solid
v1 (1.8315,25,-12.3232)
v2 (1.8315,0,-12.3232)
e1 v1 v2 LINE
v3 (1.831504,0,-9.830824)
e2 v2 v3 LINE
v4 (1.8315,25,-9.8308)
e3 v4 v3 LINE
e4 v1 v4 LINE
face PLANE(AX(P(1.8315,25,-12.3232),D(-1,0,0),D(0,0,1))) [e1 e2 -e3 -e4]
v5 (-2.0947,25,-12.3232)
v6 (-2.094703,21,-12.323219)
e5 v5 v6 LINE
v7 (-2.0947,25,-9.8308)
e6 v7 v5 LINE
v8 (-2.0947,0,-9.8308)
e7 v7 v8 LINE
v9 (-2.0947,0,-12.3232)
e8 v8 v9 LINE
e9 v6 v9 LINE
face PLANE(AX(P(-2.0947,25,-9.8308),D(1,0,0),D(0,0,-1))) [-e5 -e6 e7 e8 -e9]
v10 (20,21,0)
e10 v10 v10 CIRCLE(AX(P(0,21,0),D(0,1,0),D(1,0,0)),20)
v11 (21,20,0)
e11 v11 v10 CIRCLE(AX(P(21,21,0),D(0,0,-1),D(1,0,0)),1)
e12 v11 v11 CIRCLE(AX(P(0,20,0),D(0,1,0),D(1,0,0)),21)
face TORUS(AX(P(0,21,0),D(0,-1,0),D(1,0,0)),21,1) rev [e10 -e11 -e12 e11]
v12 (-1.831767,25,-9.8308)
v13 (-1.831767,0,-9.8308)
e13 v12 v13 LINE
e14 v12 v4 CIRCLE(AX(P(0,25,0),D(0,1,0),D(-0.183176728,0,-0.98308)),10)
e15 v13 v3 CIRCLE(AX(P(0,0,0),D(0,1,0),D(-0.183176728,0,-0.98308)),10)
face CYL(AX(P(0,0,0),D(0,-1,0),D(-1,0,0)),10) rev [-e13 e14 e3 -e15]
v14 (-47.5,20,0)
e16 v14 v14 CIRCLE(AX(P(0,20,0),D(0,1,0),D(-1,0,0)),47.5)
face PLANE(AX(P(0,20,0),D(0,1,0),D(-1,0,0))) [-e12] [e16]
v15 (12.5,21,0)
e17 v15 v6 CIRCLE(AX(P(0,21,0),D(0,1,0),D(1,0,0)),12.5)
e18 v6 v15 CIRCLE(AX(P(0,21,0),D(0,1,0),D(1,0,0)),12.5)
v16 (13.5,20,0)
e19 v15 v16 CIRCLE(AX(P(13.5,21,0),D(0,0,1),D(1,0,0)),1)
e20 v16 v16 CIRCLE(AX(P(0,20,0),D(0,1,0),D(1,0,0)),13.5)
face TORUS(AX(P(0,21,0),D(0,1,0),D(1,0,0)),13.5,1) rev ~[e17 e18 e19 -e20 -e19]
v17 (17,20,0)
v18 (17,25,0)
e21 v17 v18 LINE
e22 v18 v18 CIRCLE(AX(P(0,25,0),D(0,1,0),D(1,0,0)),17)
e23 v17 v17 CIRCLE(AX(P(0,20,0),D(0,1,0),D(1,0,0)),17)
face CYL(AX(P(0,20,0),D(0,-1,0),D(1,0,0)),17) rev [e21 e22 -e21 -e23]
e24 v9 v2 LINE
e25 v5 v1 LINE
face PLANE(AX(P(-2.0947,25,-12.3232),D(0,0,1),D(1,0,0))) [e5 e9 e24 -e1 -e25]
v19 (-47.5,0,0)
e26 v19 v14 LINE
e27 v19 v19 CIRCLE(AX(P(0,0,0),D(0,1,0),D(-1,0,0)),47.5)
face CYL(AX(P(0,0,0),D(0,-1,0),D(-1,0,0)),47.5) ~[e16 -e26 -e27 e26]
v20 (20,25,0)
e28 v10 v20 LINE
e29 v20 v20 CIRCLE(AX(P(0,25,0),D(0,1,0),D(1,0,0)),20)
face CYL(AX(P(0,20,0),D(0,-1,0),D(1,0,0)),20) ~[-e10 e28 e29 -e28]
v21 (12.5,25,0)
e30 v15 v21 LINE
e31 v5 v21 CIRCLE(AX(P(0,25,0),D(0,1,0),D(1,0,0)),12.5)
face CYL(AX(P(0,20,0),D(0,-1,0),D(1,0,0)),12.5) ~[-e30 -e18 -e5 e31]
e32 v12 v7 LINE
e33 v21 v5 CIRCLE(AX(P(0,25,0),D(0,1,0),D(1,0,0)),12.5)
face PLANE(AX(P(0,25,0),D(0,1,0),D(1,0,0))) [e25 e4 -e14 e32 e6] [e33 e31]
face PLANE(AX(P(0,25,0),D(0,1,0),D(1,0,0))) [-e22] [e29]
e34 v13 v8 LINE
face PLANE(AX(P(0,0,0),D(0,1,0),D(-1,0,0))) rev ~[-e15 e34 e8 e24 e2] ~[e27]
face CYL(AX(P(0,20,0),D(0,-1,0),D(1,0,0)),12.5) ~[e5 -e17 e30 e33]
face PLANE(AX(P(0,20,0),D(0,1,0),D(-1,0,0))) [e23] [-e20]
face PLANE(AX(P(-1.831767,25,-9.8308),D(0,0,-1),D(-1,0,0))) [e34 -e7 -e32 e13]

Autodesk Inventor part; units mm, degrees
ref_plane "YZ Plane" through (0, 0, 0) normal (1, 0, 0) x (0, 1, 0)
ref_plane "XZ Plane" through (0, 0, 0) normal (0, 1, 0) x (-1, 0, 0)
ref_plane "XY Plane" through (0, 0, 0) normal (0, 0, 1) x (1, 0, 0)
sketch "Boceto1" plane through (0, 0, 0) normal (0, 1, 0) x (-1, 0, 0)
  circle A0 centre (0, 0) radius 47.5
  circle A1 centre (0, 0) radius 10
  dimension "d0" = 95
  dimension "d1" = 20
extrude "Extrusión1" add sketch "Boceto1" along normal blind 20
sketch "Boceto3" plane through (0, 20, 0) normal (0, 1, 0) x (1, 0, 0)
  circle A0 centre (0, 0) radius 10
  circle A1 centre (0, 0) radius 12.5
  circle A2 centre (0, 0) radius 17
  circle A3 centre (0, 0) radius 20
  dimension "d18" = 20
  dimension "d19" = 25
  dimension "d20" = 34
  dimension "d21" = 40
extrude "Extrusión3" add sketch "Boceto3" along normal blind 5 contours A1
extrude "Extrusión4" add sketch "Boceto3" along normal blind 5 contours A3
fillet "Empalme1" radius 1 2 edges at (-20, 20, 0) (-12.5, 20, 0)
sketch "Boceto4" plane through (0, 25, 0) normal (0, 1, 0) x (1, 0, 0)
  circle A0 centre (0, 0) radius 12.5 projected
  circle A1 centre (0, 0) radius 10 projected
  line L0 (-2.0947, 12.3232) -> (1.8315, 12.3232)
  line L1 (1.8315, 12.3232) -> (1.8315, 9.8308)
  line L2 (1.8315, 9.8308) -> (-2.0947, 9.8308)
  line L3 (-2.0947, 9.8308) -> (-2.0947, 12.3232)
  point P0 (-1.8315, 9.8308)
extrude "Extrusión5" cut sketch "Boceto4" against normal through all contours L0 L1 A1 L2 L3
ref_plane "Plano de trabajo1" through (0, 20, 0) normal (0, 1, 0) x (1, 0, 0)
sketch "Boceto5" plane through (0, 20, 0) normal (0, 1, 0) x (1, 0, 0)
  arc A0 (-5.7983, 45.129) -> (-6.6944, 47.0259) centre (-9.668, 44.461) ccw
  arc A1 (-9.4598, 46.5485) -> (-9.596, 44.1298) centre (-5.7983, 45.129) ccw
  arc A2 (-5.7983, 45.129) -> (-3.5136, 41.8874) centre (-1.8853, 45.4609) ccw
  arc A3 (-10.7336, 40.641) -> (-9.596, 44.1298) centre (-13.4658, 43.4617) ccw
  arc A4 (-6.6944, 47.0259) -> (-9.4598, 46.5485) centre (0, 0) ccw
  circle A5 centre (0, 0) radius 42.0345
  arc A6 (-17.3991, 44.1987) -> (-17.1133, 41.793) centre (-13.5468, 43.4366) ccw
  arc A7 (-17.6278, 38.1597) -> (-17.1133, 41.793) centre (-20.8083, 40.4631) ccw
  arc A8 (-14.7587, 45.149) -> (-17.3991, 44.1987) centre (0, 0) ccw
  arc A9 (-13.5468, 43.4366) -> (-14.7587, 45.149) centre (-17.2417, 42.1067) ccw
  arc A10 (-13.5468, 43.4366) -> (-10.7339, 40.6409) centre (-9.7509, 44.4429) ccw
  circle A11 centre (0, 0) radius 42.0345
  arc A12 (-24.8098, 40.5059) -> (-24.1106, 38.1864) centre (-20.8836, 40.4243) ccw
  arc A13 (-23.9864, 34.5189) -> (-24.1106, 38.1864) centre (-27.5185, 36.2351) ccw
  arc A14 (-22.3745, 41.9003) -> (-24.8098, 40.5059) centre (0, 0) ccw
  arc A15 (-20.8836, 40.4243) -> (-22.3745, 41.9003) centre (-24.2915, 38.473) ccw
  arc A16 (-20.8836, 40.4243) -> (-17.628, 38.1596) centre (-17.3202, 42.0745) ccw
  circle A17 centre (0, 0) radius 42.0345
  arc A18 (-31.4666, 35.5823) -> (-30.3753, 33.4195) centre (-27.586, 36.1838) ccw
  arc A19 (-29.6161, 29.8293) -> (-30.3753, 33.4195) centre (-33.3926, 30.9061) ccw
  arc A20 (-29.3105, 37.3784) -> (-31.4666, 35.5823) centre (0, 0) ccw
  arc A21 (-27.586, 36.1838) -> (-29.3105, 37.3784) centre (-30.6033, 33.6703) ccw
  arc A22 (-27.586, 36.1838) -> (-23.9866, 34.5188) centre (-24.3632, 38.4277) ccw
  circle A23 centre (0, 0) radius 42.0345
  arc A24 (-37.1674, 29.5776) -> (-35.7171, 27.6372) centre (-33.4501, 30.8438) ccw
  arc A25 (-34.346, 24.2333) -> (-35.7171, 27.6372) centre (-38.2521, 24.638) ccw
  arc A26 (-35.3559, 31.7209) -> (-37.1674, 29.5776) centre (0, 0) ccw
  arc A27 (-33.4501, 30.8438) -> (-35.3559, 31.7209) centre (-35.9851, 27.8446) ccw
  arc A28 (-33.4501, 30.8438) -> (-29.6163, 29.8291) centre (-30.666, 33.6132) ccw
  circle A29 centre (0, 0) radius 42.0345
  arc A30 (-41.7388, 22.6742) -> (-39.9736, 21.0151) centre (-38.2979, 24.5666) ccw
  arc A31 (-38.0322, 17.9011) -> (-39.9736, 21.0151) centre (-41.9493, 17.6213) ccw
  arc A32 (-40.327, 25.0995) -> (-41.7388, 22.6742) centre (0, 0) ccw
  arc A33 (-38.2979, 24.5666) -> (-40.327, 25.0995) centre (-40.2736, 21.1728) ccw
  arc A34 (-38.2979, 24.5666) -> (-34.3461, 24.2331) centre (-36.037, 27.7775) ccw
  circle A35 centre (0, 0) radius 42.0345
  arc A36 (-45.0421, 15.0819) -> (-43.0155, 13.7545) centre (-41.982, 17.5431) ccw
  arc A37 (-40.5629, 11.0249) -> (-43.0155, 13.7545) centre (-44.3719, 10.0692) ccw
  arc A38 (-44.0728, 17.7154) -> (-45.0421, 15.0819) centre (0, 0) ccw
  arc A39 (-41.982, 17.5431) -> (-44.0728, 17.7154) centre (-43.3384, 13.8577) ccw
  arc A40 (-41.982, 17.5431) -> (-38.0323, 17.9008) centre (-40.313, 21.0977) ccw
  circle A41 centre (0, 0) radius 42.0345
  arc A42 (-46.9767, 7.0313) -> (-44.7505, 6.076) centre (-44.3906, 9.9864) ccw
  arc A43 (-41.8611, 3.8137) -> (-44.7505, 6.076) centre (-45.4462, 2.2111) ccw
  arc A44 (-46.4795, 9.7931) -> (-46.9767, 7.0313) centre (0, 0) ccw
  arc A45 (-44.3906, 9.9864) -> (-46.4795, 9.7931) centre (-45.0863, 6.1216) ccw
  arc A46 (-44.3906, 9.9864) -> (-40.563, 11.0246) centre (-43.3641, 13.7769) ccw
  circle A47 centre (0, 0) radius 42.0345
  arc A48 (-47.484, -1.233) -> (-45.1257, -1.7872) centre (-45.4503, 2.1264) ccw
  arc A49 (-41.8874, -3.5133) -> (-45.1257, -1.7872) centre (-45.1398, -5.7142) ccw
  arc A50 (-47.4739, 1.5733) -> (-47.484, -1.233) centre (0, 0) ccw
  arc A51 (-45.4503, 2.1264) -> (-47.4739, 1.5733) centre (-45.4644, -1.8006) ccw
  arc A52 (-45.4503, 2.1264) -> (-41.8612, 3.8135) centre (-45.0977, 6.0375) ccw
  circle A53 centre (0, 0) radius 42.0345
  arc A54 (-46.5485, -9.4598) -> (-44.1298, -9.596) centre (-45.129, -5.7983) ccw
  arc A55 (-40.641, -10.7336) -> (-44.1298, -9.596) centre (-43.4617, -13.4658) ccw
  arc A56 (-47.0259, -6.6944) -> (-46.5485, -9.4598) centre (0, 0) ccw
  arc A57 (-45.129, -5.7983) -> (-47.0259, -6.6944) centre (-44.461, -9.668) ccw
  arc A58 (-45.129, -5.7983) -> (-41.8874, -3.5136) centre (-45.4609, -1.8853) ccw
  circle A59 centre (0, 0) radius 42.0345
  arc A60 (-44.1987, -17.3991) -> (-41.793, -17.1133) centre (-43.4366, -13.5468) ccw
  arc A61 (-38.1597, -17.6278) -> (-41.793, -17.1133) centre (-40.4631, -20.8083) ccw
  arc A62 (-45.149, -14.7587) -> (-44.1987, -17.3991) centre (0, 0) ccw
  arc A63 (-43.4366, -13.5468) -> (-45.149, -14.7587) centre (-42.1067, -17.2417) ccw
  arc A64 (-43.4366, -13.5468) -> (-40.6409, -10.7339) centre (-44.4429, -9.7509) ccw
  circle A65 centre (0, 0) radius 42.0345
  arc A66 (-40.5059, -24.8098) -> (-38.1864, -24.1106) centre (-40.4243, -20.8836) ccw
  arc A67 (-34.5189, -23.9864) -> (-38.1864, -24.1106) centre (-36.2351, -27.5185) ccw
  arc A68 (-41.9003, -22.3745) -> (-40.5059, -24.8098) centre (0, 0) ccw
  arc A69 (-40.4243, -20.8836) -> (-41.9003, -22.3745) centre (-38.473, -24.2915) ccw
  arc A70 (-40.4243, -20.8836) -> (-38.1596, -17.628) centre (-42.0745, -17.3202) ccw
  circle A71 centre (0, 0) radius 42.0345
  arc A72 (-35.5823, -31.4666) -> (-33.4195, -30.3753) centre (-36.1838, -27.586) ccw
  arc A73 (-29.8293, -29.6161) -> (-33.4195, -30.3753) centre (-30.9061, -33.3926) ccw
  arc A74 (-37.3784, -29.3105) -> (-35.5823, -31.4666) centre (0, 0) ccw
  arc A75 (-36.1838, -27.586) -> (-37.3784, -29.3105) centre (-33.6703, -30.6033) ccw
  arc A76 (-36.1838, -27.586) -> (-34.5188, -23.9866) centre (-38.4277, -24.3632) ccw
  circle A77 centre (0, 0) radius 42.0345
  arc A78 (-29.5776, -37.1674) -> (-27.6372, -35.7171) centre (-30.8438, -33.4501) ccw
  arc A79 (-24.2333, -34.346) -> (-27.6372, -35.7171) centre (-24.638, -38.2521) ccw
  arc A80 (-31.7209, -35.3559) -> (-29.5776, -37.1674) centre (0, 0) ccw
  arc A81 (-30.8438, -33.4501) -> (-31.7209, -35.3559) centre (-27.8446, -35.9851) ccw
  arc A82 (-30.8438, -33.4501) -> (-29.8291, -29.6163) centre (-33.6132, -30.666) ccw
  circle A83 centre (0, 0) radius 42.0345
  arc A84 (-22.6742, -41.7388) -> (-21.0151, -39.9736) centre (-24.5666, -38.2979) ccw
  arc A85 (-17.9011, -38.0322) -> (-21.0151, -39.9736) centre (-17.6213, -41.9493) ccw
  arc A86 (-25.0995, -40.327) -> (-22.6742, -41.7388) centre (0, 0) ccw
  arc A87 (-24.5666, -38.2979) -> (-25.0995, -40.327) centre (-21.1728, -40.2736) ccw
  arc A88 (-24.5666, -38.2979) -> (-24.2331, -34.3461) centre (-27.7775, -36.037) ccw
  circle A89 centre (0, 0) radius 42.0345
  arc A90 (-15.0819, -45.0421) -> (-13.7545, -43.0155) centre (-17.5431, -41.982) ccw
  arc A91 (-11.0249, -40.5629) -> (-13.7545, -43.0155) centre (-10.0692, -44.3719) ccw
  arc A92 (-17.7154, -44.0728) -> (-15.0819, -45.0421) centre (0, 0) ccw
  arc A93 (-17.5431, -41.982) -> (-17.7154, -44.0728) centre (-13.8577, -43.3384) ccw
  arc A94 (-17.5431, -41.982) -> (-17.9008, -38.0323) centre (-21.0977, -40.313) ccw
  circle A95 centre (0, 0) radius 42.0345
  arc A96 (-7.0313, -46.9767) -> (-6.076, -44.7505) centre (-9.9864, -44.3906) ccw
  arc A97 (-3.8137, -41.8611) -> (-6.076, -44.7505) centre (-2.2111, -45.4462) ccw
  arc A98 (-9.7931, -46.4795) -> (-7.0313, -46.9767) centre (0, 0) ccw
  arc A99 (-9.9864, -44.3906) -> (-9.7931, -46.4795) centre (-6.1216, -45.0863) ccw
  arc A100 (-9.9864, -44.3906) -> (-11.0246, -40.563) centre (-13.7769, -43.3641) ccw
  circle A101 centre (0, 0) radius 42.0345
  arc A102 (1.233, -47.484) -> (1.7872, -45.1257) centre (-2.1264, -45.4503) ccw
  arc A103 (3.5133, -41.8874) -> (1.7872, -45.1257) centre (5.7142, -45.1398) ccw
  arc A104 (-1.5733, -47.4739) -> (1.233, -47.484) centre (0, 0) ccw
  arc A105 (-2.1264, -45.4503) -> (-1.5733, -47.4739) centre (1.8006, -45.4644) ccw
  arc A106 (-2.1264, -45.4503) -> (-3.8135, -41.8612) centre (-6.0375, -45.0977) ccw
  circle A107 centre (0, 0) radius 42.0345
  arc A108 (9.4598, -46.5485) -> (9.596, -44.1298) centre (5.7983, -45.129) ccw
  arc A109 (10.7336, -40.641) -> (9.596, -44.1298) centre (13.4658, -43.4617) ccw
  arc A110 (6.6944, -47.0259) -> (9.4598, -46.5485) centre (0, 0) ccw
  arc A111 (5.7983, -45.129) -> (6.6944, -47.0259) centre (9.668, -44.461) ccw
  arc A112 (5.7983, -45.129) -> (3.5136, -41.8874) centre (1.8853, -45.4609) ccw
  circle A113 centre (0, 0) radius 42.0345
  arc A114 (17.3991, -44.1987) -> (17.1133, -41.793) centre (13.5468, -43.4366) ccw
  arc A115 (17.6278, -38.1597) -> (17.1133, -41.793) centre (20.8083, -40.4631) ccw
  arc A116 (14.7587, -45.149) -> (17.3991, -44.1987) centre (0, 0) ccw
  arc A117 (13.5468, -43.4366) -> (14.7587, -45.149) centre (17.2417, -42.1067) ccw
  arc A118 (13.5468, -43.4366) -> (10.7339, -40.6409) centre (9.7509, -44.4429) ccw
  circle A119 centre (0, 0) radius 42.0345
  arc A120 (24.8098, -40.5059) -> (24.1106, -38.1864) centre (20.8836, -40.4243) ccw
  arc A121 (23.9864, -34.5189) -> (24.1106, -38.1864) centre (27.5185, -36.2351) ccw
  arc A122 (22.3745, -41.9003) -> (24.8098, -40.5059) centre (0, 0) ccw
  arc A123 (20.8836, -40.4243) -> (22.3745, -41.9003) centre (24.2915, -38.473) ccw
  arc A124 (20.8836, -40.4243) -> (17.628, -38.1596) centre (17.3202, -42.0745) ccw
  circle A125 centre (0, 0) radius 42.0345
  arc A126 (31.4666, -35.5823) -> (30.3753, -33.4195) centre (27.586, -36.1838) ccw
  arc A127 (29.6161, -29.8293) -> (30.3753, -33.4195) centre (33.3926, -30.9061) ccw
  arc A128 (29.3105, -37.3784) -> (31.4666, -35.5823) centre (0, 0) ccw
  arc A129 (27.586, -36.1838) -> (29.3105, -37.3784) centre (30.6033, -33.6703) ccw
  arc A130 (27.586, -36.1838) -> (23.9866, -34.5188) centre (24.3632, -38.4277) ccw
  circle A131 centre (0, 0) radius 42.0345
  arc A132 (37.1674, -29.5776) -> (35.7171, -27.6372) centre (33.4501, -30.8438) ccw
  arc A133 (34.346, -24.2333) -> (35.7171, -27.6372) centre (38.2521, -24.638) ccw
  arc A134 (35.3559, -31.7209) -> (37.1674, -29.5776) centre (0, 0) ccw
  arc A135 (33.4501, -30.8438) -> (35.3559, -31.7209) centre (35.9851, -27.8446) ccw
  arc A136 (33.4501, -30.8438) -> (29.6163, -29.8291) centre (30.666, -33.6132) ccw
  circle A137 centre (0, 0) radius 42.0345
  arc A138 (41.7388, -22.6742) -> (39.9736, -21.0151) centre (38.2979, -24.5666) ccw
  arc A139 (38.0322, -17.9011) -> (39.9736, -21.0151) centre (41.9493, -17.6213) ccw
  arc A140 (40.327, -25.0995) -> (41.7388, -22.6742) centre (0, 0) ccw
  arc A141 (38.2979, -24.5666) -> (40.327, -25.0995) centre (40.2736, -21.1728) ccw
  arc A142 (38.2979, -24.5666) -> (34.3461, -24.2331) centre (36.037, -27.7775) ccw
  circle A143 centre (0, 0) radius 42.0345
  arc A144 (45.0421, -15.0819) -> (43.0155, -13.7545) centre (41.982, -17.5431) ccw
  arc A145 (40.5629, -11.0249) -> (43.0155, -13.7545) centre (44.3719, -10.0692) ccw
  arc A146 (44.0728, -17.7154) -> (45.0421, -15.0819) centre (0, 0) ccw
  arc A147 (41.982, -17.5431) -> (44.0728, -17.7154) centre (43.3384, -13.8577) ccw
  arc A148 (41.982, -17.5431) -> (38.0323, -17.9008) centre (40.313, -21.0977) ccw
  circle A149 centre (0, 0) radius 42.0345
  arc A150 (46.9767, -7.0313) -> (44.7505, -6.076) centre (44.3906, -9.9864) ccw
  arc A151 (41.8611, -3.8137) -> (44.7505, -6.076) centre (45.4462, -2.2111) ccw
  arc A152 (46.4795, -9.7931) -> (46.9767, -7.0313) centre (0, 0) ccw
  arc A153 (44.3906, -9.9864) -> (46.4795, -9.7931) centre (45.0863, -6.1216) ccw
  arc A154 (44.3906, -9.9864) -> (40.563, -11.0246) centre (43.3641, -13.7769) ccw
  circle A155 centre (0, 0) radius 42.0345
  arc A156 (47.484, 1.233) -> (45.1257, 1.7872) centre (45.4503, -2.1264) ccw
  arc A157 (41.8874, 3.5133) -> (45.1257, 1.7872) centre (45.1398, 5.7142) ccw
  arc A158 (47.4739, -1.5733) -> (47.484, 1.233) centre (0, 0) ccw
  arc A159 (45.4503, -2.1264) -> (47.4739, -1.5733) centre (45.4644, 1.8006) ccw
  arc A160 (45.4503, -2.1264) -> (41.8612, -3.8135) centre (45.0977, -6.0375) ccw
  circle A161 centre (0, 0) radius 42.0345
  arc A162 (46.5485, 9.4598) -> (44.1298, 9.596) centre (45.129, 5.7983) ccw
  arc A163 (40.641, 10.7336) -> (44.1298, 9.596) centre (43.4617, 13.4658) ccw
  arc A164 (47.0259, 6.6944) -> (46.5485, 9.4598) centre (0, 0) ccw
  arc A165 (45.129, 5.7983) -> (47.0259, 6.6944) centre (44.461, 9.668) ccw
  arc A166 (45.129, 5.7983) -> (41.8874, 3.5136) centre (45.4609, 1.8853) ccw
  circle A167 centre (0, 0) radius 42.0345
  arc A168 (44.1987, 17.3991) -> (41.793, 17.1133) centre (43.4366, 13.5468) ccw
  arc A169 (38.1597, 17.6278) -> (41.793, 17.1133) centre (40.4631, 20.8083) ccw
  arc A170 (45.149, 14.7587) -> (44.1987, 17.3991) centre (0, 0) ccw
  arc A171 (43.4366, 13.5468) -> (45.149, 14.7587) centre (42.1067, 17.2417) ccw
  arc A172 (43.4366, 13.5468) -> (40.6409, 10.7339) centre (44.4429, 9.7509) ccw
  circle A173 centre (0, 0) radius 42.0345
  arc A174 (40.5059, 24.8098) -> (38.1864, 24.1106) centre (40.4243, 20.8836) ccw
  arc A175 (34.5189, 23.9864) -> (38.1864, 24.1106) centre (36.2351, 27.5185) ccw
  arc A176 (41.9003, 22.3745) -> (40.5059, 24.8098) centre (0, 0) ccw
  arc A177 (40.4243, 20.8836) -> (41.9003, 22.3745) centre (38.473, 24.2915) ccw
  arc A178 (40.4243, 20.8836) -> (38.1596, 17.628) centre (42.0745, 17.3202) ccw
  circle A179 centre (0, 0) radius 42.0345
  arc A180 (35.5823, 31.4666) -> (33.4195, 30.3753) centre (36.1838, 27.586) ccw
  arc A181 (29.8293, 29.6161) -> (33.4195, 30.3753) centre (30.9061, 33.3926) ccw
  arc A182 (37.3784, 29.3105) -> (35.5823, 31.4666) centre (0, 0) ccw
  arc A183 (36.1838, 27.586) -> (37.3784, 29.3105) centre (33.6703, 30.6033) ccw
  arc A184 (36.1838, 27.586) -> (34.5188, 23.9866) centre (38.4277, 24.3632) ccw
  circle A185 centre (0, 0) radius 42.0345
  arc A186 (29.5776, 37.1674) -> (27.6372, 35.7171) centre (30.8438, 33.4501) ccw
  arc A187 (24.2333, 34.346) -> (27.6372, 35.7171) centre (24.638, 38.2521) ccw
  arc A188 (31.7209, 35.3559) -> (29.5776, 37.1674) centre (0, 0) ccw
  arc A189 (30.8438, 33.4501) -> (31.7209, 35.3559) centre (27.8446, 35.9851) ccw
  arc A190 (30.8438, 33.4501) -> (29.8291, 29.6163) centre (33.6132, 30.666) ccw
  circle A191 centre (0, 0) radius 42.0345
  arc A192 (22.6742, 41.7388) -> (21.0151, 39.9736) centre (24.5666, 38.2979) ccw
  arc A193 (17.9011, 38.0322) -> (21.0151, 39.9736) centre (17.6213, 41.9493) ccw
  arc A194 (25.0995, 40.327) -> (22.6742, 41.7388) centre (0, 0) ccw
  arc A195 (24.5666, 38.2979) -> (25.0995, 40.327) centre (21.1728, 40.2736) ccw
  arc A196 (24.5666, 38.2979) -> (24.2331, 34.3461) centre (27.7775, 36.037) ccw
  circle A197 centre (0, 0) radius 42.0345
  arc A198 (15.0819, 45.0421) -> (13.7545, 43.0155) centre (17.5431, 41.982) ccw
  arc A199 (11.0249, 40.5629) -> (13.7545, 43.0155) centre (10.0692, 44.3719) ccw
  arc A200 (17.7154, 44.0728) -> (15.0819, 45.0421) centre (0, 0) ccw
  arc A201 (17.5431, 41.982) -> (17.7154, 44.0728) centre (13.8577, 43.3384) ccw
  arc A202 (17.5431, 41.982) -> (17.9008, 38.0323) centre (21.0977, 40.313) ccw
  circle A203 centre (0, 0) radius 42.0345
  arc A204 (7.0313, 46.9767) -> (6.076, 44.7505) centre (9.9864, 44.3906) ccw
  arc A205 (3.8137, 41.8611) -> (6.076, 44.7505) centre (2.2111, 45.4462) ccw
  arc A206 (9.7931, 46.4795) -> (7.0313, 46.9767) centre (0, 0) ccw
  arc A207 (9.9864, 44.3906) -> (9.7931, 46.4795) centre (6.1216, 45.0863) ccw
  arc A208 (9.9864, 44.3906) -> (11.0246, 40.563) centre (13.7769, 43.3641) ccw
  circle A209 centre (0, 0) radius 42.0345
  arc A210 (-1.233, 47.484) -> (-1.7872, 45.1257) centre (2.1264, 45.4503) ccw
  arc A211 (-3.5133, 41.8874) -> (-1.7872, 45.1257) centre (-5.7142, 45.1398) ccw
  arc A212 (1.5733, 47.4739) -> (-1.233, 47.484) centre (0, 0) ccw
  arc A213 (2.1264, 45.4503) -> (1.5733, 47.4739) centre (-1.8006, 45.4644) ccw
  arc A214 (2.1264, 45.4503) -> (3.8135, 41.8612) centre (6.0375, 45.0977) ccw
  circle A215 centre (0, 0) radius 42.0345
  point P0 (-9.7125, 44.6168)
  dimension "d47" = 84.069
  dimension "d50" = 360
equation "\"Radio_pliegue\" = Grosor"
equation "\"Anchura_desahogo_plegado\" = Grosor"
equation "\"Profundidad_desahogo_plegado\" = 0.5 * Grosor"
equation "\"Tamaño_destalonado\" = 4 * Grosor"
equation "\"Remanente_mínimo\" = 2 * Grosor"
equation "\"Radiodetransición\" = Radio_pliegue"
equation "\"Tamaño_de_radio_de_Jacobi\" = Radio_pliegue"
equation "\"TamañoSeparación\" = Grosor"
equation "\"Grosor\" = 0.5"
properties part number "Practica 18" material "Acero inoxidable"
